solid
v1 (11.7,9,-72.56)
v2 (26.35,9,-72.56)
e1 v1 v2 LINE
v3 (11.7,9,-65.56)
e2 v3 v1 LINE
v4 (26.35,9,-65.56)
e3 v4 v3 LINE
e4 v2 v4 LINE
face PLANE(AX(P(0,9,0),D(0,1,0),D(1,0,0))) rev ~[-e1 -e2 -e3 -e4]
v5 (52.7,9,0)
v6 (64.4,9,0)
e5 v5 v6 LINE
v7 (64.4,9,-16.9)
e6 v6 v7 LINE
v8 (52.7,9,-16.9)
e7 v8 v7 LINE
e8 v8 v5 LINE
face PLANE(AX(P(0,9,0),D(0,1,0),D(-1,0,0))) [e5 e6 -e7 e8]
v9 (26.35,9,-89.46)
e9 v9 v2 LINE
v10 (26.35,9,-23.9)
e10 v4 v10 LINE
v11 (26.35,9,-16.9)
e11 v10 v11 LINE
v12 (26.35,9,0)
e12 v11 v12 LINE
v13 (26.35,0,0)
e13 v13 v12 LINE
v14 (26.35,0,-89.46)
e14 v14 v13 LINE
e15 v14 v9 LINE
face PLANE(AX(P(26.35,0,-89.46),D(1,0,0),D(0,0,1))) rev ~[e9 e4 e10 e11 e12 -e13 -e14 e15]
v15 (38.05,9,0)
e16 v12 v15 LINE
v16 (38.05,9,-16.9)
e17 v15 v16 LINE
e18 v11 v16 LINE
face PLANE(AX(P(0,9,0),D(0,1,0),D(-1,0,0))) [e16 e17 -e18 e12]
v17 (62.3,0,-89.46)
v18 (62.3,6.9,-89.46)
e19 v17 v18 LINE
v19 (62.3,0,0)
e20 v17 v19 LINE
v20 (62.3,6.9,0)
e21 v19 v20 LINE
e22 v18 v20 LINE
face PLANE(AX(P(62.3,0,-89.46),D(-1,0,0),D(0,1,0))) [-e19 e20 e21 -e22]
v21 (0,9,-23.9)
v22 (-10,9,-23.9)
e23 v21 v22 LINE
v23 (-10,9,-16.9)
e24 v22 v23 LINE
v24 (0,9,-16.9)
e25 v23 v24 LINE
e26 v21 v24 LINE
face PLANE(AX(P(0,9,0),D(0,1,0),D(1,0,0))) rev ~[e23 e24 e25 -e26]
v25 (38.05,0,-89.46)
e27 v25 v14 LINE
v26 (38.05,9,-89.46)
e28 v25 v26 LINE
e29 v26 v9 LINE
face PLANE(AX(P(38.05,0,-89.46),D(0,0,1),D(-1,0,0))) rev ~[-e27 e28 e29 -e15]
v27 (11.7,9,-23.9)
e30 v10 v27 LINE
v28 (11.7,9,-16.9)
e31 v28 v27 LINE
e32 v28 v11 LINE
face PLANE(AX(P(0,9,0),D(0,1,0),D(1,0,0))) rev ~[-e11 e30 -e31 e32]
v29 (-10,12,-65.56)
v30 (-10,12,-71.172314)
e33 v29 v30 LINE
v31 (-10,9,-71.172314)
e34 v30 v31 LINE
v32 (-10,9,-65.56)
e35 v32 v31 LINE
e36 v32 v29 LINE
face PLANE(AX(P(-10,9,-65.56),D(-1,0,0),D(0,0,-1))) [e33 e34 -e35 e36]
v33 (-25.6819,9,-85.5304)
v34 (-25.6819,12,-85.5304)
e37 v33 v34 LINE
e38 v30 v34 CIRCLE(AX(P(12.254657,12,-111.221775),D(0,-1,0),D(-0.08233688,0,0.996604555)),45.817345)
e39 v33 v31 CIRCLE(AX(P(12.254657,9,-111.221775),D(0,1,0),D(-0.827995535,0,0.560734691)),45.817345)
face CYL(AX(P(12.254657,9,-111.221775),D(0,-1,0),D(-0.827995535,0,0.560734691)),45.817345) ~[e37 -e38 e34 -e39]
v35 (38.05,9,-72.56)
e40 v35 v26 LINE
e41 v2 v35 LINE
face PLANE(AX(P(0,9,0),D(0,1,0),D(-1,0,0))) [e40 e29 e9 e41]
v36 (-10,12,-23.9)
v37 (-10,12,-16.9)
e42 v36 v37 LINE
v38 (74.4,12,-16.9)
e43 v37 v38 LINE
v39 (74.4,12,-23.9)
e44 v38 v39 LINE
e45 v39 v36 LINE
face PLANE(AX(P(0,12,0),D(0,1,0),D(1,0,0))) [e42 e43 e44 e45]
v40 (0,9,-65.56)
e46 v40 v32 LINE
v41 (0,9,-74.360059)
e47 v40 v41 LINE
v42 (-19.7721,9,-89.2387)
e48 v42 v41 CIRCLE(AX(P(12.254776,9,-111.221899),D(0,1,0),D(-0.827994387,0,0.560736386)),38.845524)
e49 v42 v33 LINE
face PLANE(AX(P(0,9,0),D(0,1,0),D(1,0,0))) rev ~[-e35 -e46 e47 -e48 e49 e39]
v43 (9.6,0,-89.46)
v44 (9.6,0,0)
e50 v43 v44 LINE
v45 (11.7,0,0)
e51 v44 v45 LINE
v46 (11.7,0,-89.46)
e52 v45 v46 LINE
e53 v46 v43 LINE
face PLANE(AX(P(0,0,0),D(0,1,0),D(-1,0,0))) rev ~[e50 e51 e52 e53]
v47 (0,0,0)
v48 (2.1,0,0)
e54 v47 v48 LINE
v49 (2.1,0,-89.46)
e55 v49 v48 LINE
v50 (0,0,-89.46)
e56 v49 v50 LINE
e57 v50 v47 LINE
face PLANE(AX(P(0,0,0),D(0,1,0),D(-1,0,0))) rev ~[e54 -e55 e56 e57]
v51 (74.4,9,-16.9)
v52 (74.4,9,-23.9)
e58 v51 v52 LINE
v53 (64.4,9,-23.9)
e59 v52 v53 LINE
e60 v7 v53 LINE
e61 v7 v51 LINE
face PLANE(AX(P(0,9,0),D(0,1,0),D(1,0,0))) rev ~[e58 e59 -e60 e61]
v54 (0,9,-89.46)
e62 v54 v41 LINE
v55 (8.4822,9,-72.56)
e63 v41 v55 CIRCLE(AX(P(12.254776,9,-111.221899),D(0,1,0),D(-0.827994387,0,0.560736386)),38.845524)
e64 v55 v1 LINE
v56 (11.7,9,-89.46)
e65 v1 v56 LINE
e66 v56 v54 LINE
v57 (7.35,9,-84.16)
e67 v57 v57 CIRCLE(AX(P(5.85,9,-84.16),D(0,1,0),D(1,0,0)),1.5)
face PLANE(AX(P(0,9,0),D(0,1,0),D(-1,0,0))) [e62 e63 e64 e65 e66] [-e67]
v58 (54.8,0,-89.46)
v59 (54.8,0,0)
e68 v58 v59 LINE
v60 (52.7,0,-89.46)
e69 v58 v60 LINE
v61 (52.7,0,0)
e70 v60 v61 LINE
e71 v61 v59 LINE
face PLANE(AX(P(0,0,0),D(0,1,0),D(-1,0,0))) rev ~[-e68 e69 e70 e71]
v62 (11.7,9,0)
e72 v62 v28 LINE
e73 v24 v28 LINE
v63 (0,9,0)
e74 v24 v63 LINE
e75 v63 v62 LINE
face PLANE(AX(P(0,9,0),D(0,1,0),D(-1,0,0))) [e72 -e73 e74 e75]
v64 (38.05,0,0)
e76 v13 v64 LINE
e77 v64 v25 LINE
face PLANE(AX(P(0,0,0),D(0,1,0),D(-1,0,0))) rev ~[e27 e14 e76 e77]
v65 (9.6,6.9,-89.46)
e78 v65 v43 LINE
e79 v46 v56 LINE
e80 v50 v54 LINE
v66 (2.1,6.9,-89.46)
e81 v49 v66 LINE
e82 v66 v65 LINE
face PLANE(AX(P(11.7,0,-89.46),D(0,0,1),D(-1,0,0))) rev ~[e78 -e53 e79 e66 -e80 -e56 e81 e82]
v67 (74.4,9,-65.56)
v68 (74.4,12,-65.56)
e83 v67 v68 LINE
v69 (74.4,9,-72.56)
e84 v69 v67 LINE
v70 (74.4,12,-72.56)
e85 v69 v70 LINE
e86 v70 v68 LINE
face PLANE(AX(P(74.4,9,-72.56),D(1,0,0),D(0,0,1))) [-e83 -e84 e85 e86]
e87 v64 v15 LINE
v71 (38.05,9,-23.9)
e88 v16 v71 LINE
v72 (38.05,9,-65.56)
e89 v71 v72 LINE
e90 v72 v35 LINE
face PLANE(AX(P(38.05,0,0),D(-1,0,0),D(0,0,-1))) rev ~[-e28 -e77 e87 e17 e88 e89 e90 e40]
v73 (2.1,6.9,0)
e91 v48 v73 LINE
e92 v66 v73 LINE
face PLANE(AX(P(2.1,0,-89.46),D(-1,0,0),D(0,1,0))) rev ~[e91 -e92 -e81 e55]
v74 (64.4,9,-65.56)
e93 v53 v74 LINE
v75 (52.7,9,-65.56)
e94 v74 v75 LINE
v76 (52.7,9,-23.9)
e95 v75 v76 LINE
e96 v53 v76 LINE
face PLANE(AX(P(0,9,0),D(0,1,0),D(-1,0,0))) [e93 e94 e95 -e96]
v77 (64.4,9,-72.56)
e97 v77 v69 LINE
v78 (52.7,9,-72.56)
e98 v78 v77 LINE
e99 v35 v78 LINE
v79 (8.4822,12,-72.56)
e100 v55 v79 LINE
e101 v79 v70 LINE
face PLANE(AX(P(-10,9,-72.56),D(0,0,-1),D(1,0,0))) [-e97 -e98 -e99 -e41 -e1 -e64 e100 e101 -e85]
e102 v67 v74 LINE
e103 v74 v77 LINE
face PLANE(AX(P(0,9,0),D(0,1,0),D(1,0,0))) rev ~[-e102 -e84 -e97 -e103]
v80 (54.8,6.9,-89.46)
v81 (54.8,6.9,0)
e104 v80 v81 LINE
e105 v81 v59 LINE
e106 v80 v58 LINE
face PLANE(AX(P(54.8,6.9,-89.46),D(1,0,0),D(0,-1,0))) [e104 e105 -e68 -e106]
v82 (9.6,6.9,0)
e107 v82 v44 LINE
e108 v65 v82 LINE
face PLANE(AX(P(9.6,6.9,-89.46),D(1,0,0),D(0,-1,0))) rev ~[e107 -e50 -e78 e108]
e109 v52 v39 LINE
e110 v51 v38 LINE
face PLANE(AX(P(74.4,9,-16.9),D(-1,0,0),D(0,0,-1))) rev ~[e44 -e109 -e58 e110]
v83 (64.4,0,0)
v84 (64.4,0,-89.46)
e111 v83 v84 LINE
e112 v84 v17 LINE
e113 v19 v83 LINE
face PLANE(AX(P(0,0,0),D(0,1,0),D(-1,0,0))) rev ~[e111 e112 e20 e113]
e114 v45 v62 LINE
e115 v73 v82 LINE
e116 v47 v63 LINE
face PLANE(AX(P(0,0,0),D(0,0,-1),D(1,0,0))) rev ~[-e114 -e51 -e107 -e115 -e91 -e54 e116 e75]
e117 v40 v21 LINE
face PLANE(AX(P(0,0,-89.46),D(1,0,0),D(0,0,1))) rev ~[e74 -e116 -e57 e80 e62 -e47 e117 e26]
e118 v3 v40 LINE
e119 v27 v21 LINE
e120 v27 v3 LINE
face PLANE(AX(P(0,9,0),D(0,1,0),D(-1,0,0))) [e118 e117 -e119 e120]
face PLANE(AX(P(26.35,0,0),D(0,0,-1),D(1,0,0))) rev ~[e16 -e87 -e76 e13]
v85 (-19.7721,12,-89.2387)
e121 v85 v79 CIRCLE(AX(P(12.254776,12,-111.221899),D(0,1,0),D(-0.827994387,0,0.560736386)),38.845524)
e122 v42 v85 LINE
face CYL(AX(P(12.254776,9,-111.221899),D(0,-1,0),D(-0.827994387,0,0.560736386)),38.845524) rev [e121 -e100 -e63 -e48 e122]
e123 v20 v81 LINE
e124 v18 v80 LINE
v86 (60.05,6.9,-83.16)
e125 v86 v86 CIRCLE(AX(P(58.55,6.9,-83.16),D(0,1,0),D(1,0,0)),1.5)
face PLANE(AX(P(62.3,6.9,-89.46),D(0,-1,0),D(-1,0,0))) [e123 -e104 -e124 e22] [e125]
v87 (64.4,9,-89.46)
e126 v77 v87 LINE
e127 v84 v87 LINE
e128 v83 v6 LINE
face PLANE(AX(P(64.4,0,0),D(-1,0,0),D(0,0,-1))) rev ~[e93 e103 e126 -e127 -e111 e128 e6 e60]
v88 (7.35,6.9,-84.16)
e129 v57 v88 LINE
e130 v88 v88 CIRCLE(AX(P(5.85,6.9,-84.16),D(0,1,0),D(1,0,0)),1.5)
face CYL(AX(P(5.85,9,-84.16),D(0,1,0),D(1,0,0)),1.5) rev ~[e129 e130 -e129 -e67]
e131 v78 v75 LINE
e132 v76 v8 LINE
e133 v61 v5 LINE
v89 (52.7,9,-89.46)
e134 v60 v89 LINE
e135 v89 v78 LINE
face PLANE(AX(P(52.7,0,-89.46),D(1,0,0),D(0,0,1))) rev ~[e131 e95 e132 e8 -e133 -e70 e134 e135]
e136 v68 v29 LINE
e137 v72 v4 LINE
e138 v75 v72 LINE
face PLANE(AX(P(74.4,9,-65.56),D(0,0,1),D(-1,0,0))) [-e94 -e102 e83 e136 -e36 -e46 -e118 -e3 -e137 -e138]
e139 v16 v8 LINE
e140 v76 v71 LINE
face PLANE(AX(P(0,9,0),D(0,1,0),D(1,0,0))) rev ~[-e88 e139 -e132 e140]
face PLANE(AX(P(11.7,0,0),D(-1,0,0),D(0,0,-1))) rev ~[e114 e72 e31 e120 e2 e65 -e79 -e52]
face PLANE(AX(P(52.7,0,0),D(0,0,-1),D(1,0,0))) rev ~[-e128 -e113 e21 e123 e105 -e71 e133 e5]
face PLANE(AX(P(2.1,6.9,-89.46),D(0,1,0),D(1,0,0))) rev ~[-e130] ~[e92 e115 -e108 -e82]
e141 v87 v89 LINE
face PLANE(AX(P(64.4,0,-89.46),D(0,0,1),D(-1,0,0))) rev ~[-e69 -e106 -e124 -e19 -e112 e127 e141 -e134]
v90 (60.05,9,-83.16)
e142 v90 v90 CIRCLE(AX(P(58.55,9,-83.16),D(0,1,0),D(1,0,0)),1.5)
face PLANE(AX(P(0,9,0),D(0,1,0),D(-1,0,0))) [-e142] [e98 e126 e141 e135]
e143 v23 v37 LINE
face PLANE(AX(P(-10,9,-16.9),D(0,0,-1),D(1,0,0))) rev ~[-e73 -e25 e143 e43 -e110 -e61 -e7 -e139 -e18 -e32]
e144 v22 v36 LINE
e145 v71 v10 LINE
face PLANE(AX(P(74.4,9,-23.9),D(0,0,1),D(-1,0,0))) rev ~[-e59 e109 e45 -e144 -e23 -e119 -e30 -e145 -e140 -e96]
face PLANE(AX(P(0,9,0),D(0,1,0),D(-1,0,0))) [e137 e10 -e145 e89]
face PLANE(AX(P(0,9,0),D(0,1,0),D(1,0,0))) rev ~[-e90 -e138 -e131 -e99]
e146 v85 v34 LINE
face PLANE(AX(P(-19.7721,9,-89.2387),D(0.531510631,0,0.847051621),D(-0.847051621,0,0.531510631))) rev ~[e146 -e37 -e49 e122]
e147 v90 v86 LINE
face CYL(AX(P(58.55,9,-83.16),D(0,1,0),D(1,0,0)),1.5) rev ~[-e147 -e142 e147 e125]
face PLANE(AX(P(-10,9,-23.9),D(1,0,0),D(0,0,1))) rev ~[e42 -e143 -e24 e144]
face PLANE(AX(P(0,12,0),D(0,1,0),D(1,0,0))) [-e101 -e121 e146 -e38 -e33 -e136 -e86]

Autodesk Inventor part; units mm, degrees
ref_plane "YZ Plane" through (0, 0, 0) normal (1, 0, 0) x (0, 1, 0)
ref_plane "XZ Plane" through (0, 0, 0) normal (0, 1, 0) x (-1, 0, 0)
sketch "Sketch1" plane through (0, 0, 0) normal (0, 1, 0) x (-1, 0, 0)
  line L0 (0, 0) -> (-11.7, 0)
  line L1 (-11.7, 0) -> (-11.7, -89.46)
  line L2 (-11.7, -89.46) -> (0, -89.46)
  line L3 (0, -89.46) -> (0, 0)
  line L4 (-26.35, 0) -> (-38.05, 0)
  line L5 (-38.05, 0) -> (-38.05, -89.46)
  line L6 (-38.05, -89.46) -> (-26.35, -89.46)
  line L7 (-26.35, -89.46) -> (-26.35, 0)
  line L8 (-52.7, 0) -> (-64.4, 0)
  line L9 (-64.4, 0) -> (-64.4, -89.46)
  line L10 (-64.4, -89.46) -> (-52.7, -89.46)
  line L11 (-52.7, -89.46) -> (-52.7, 0)
  dimension "d0" = 11.7
  dimension "d1" = 11.7
  dimension "d2" = 11.7
  dimension "d3" = 14.65
  dimension "d4" = 14.65
  dimension "d5" = 89.46
  dimension "d47" = 64.4
extrude "Extrusion1" add sketch "Sketch1" along normal blind 9
sketch "Sketch2" plane through (0, 9, 0) normal (0, 1, 0) x (1, 0, 0)
  line L0 (38.05, 89.46) -> (26.35, 89.46) construction
  line L1 (32.2, 89.46) -> (32.2, 0) construction
  line L2 (26.35, 0) -> (38.05, 0) construction
  line L3 (11.7, 89.46) -> (0, 89.46) construction
  line L4 (5.85, 89.46) -> (5.85, 0) construction
  line L5 (0, 0) -> (11.7, 0) construction
  circle A0 centre (5.85, 84.16) radius 1.5
  line L6 (52.7, 0) -> (64.4, 0) construction
  line L7 (58.55, 0) -> (58.55, 89.46) construction
  circle A1 centre (58.55, 83.16) radius 1.5
  line L8 (64.4, 89.46) -> (52.7, 89.46) construction
  dimension "d8" = 3
  dimension "d9" = 5.3
  dimension "d50" = 3
  dimension "d51" = 6.3
extrude "Extrusion2" cut sketch "Sketch2" against normal blind 8
sketch "Sketch3" plane through (11.7, 0, -89.46) normal (0, 0, -1) x (-1, 0, 0)
  line L0 (-14.65, 9) -> (-26.35, 9) construction
  line L1 (-20.5, 9) -> (-20.5, 0) construction
  line L2 (-14.65, 0) -> (-26.35, 0) construction
  line L3 (0, 0) -> (11.7, 0) projected
  line L4 (9.6, 0) -> (9.6, 6.9)
  line L5 (9.6, 6.9) -> (2.1, 6.9)
  line L6 (2.1, 6.9) -> (2.1, 0)
  line L7 (2.1, 0) -> (9.6, 0) construction
  line L8 (0, 0) -> (0, 9) construction
  line L9 (11.7, 0) -> (11.7, 9) construction
  line L10 (-41, 0) -> (-52.7, 0)
  line L11 (-50.6, 0) -> (-50.6, 6.9)
  line L12 (-50.6, 6.9) -> (-43.1, 6.9)
  line L13 (-43.1, 6.9) -> (-43.1, 0)
  dimension "d15" = 7.5
  dimension "d16" = 2.1
  dimension "d17" = 2.1
  dimension "d18" = 6.9
extrude "Extrusion3" cut sketch "Sketch3" against normal through all
sketch "Sketch4" plane through (0, 9, 0) normal (0, 1, 0) x (1, 0, 0)
  line L0 (0, 89.46) -> (0, 0) construction
  line L1 (0, 44.73) -> (64.4, 44.73) construction
  line L2 (64.4, 0) -> (64.4, 89.46) construction
  line L3 (-10, 16.9) -> (74.4, 16.9)
  line L4 (74.4, 16.9) -> (74.4, 23.9)
  line L5 (74.4, 23.9) -> (-10, 23.9)
  line L6 (-10, 23.9) -> (-10, 16.9)
  line L7 (-10, 72.56) -> (74.4, 72.56)
  line L8 (74.4, 72.56) -> (74.4, 65.56)
  line L9 (74.4, 65.56) -> (-10, 65.56)
  line L10 (-10, 65.56) -> (-10, 72.56)
  line L11 (52.7, 0) -> (64.4, 0) projected
  dimension "d21" = 7
  dimension "d22" = 10
  dimension "d23" = 10
  dimension "d46" = 16.9
extrude "Extrusion4" add sketch "Sketch4" along normal blind 3
ref_plane "Work Plane2" through (32.2, 0, -89.46) normal (-1, 0, 0) x (0, 0, 1)
sketch "Sketch8" plane through (0, 9, 0) normal (0, 1, 0) x (1, 0, 0)
  line L0 (74.4, 72.56) -> (-10, 72.56) projected
  line L1 (-10, 72.56) -> (-10, 65.56) projected
  line L2 (-10, 65.56) -> (74.4, 65.56) projected
  line L3 (74.4, 65.56) -> (74.4, 72.56) projected
  arc A0 (-19.9091, 89.4398) -> (8.4822, 72.56) centre (12.2544, 111.2215) ccw
  arc A1 (-25.6819, 85.5304) -> (8.4822, 65.56) centre (12.2544, 111.2215) ccw
  line L4 (8.4822, 65.56) -> (8.4822, 72.56)
  line L5 (9.6, 89.46) -> (9.6, 0) projected
  line L6 (-19.7721, 89.2387) -> (-25.6819, 85.5304)
  point P0 (0, 0)
extrude "Extrusion8" add sketch "Sketch8" along normal up to surface (3 mm away) contours L4 A1 L1 L0 | L0 L1 A1 L6 A0
ref_plane "Work Plane3" through (45.375, 0, 0) normal (1, 0, 0) x (0, 0, -1)
sketch "Sketch5" plane through (0, 8.5, 0) normal (0, -1, 0) x (1, 0, 0)
  line L0 (23, -75) -> (14, -75)
  line L1 (14, -75) -> (14, -22)
  line L2 (14, -22) -> (23, -22)
  line L3 (23, -22) -> (23, -75)
  line L4 (26, -90) -> (26, 0) projected
  line L5 (11, 0) -> (11, -90) projected
  line L6 (11, -22) -> (26, -22) projected
  line L7 (11, -68) -> (26, -68) projected
  point P0 (0, 0)
  point P1 (18.5, -22)
  dimension "d27" = 3
  dimension "d28" = 3
  dimension "d29" = 9
  dimension "d30" = 7
sketch "Sketch6" plane through (23, 8.5, -75) normal (0, 0, -1) x (-1, 0, 0)
  line L0 (9, 0) -> (9, -2) projected
  line L1 (0, 0) -> (0, -2) projected
  line L2 (9, -0.5) -> (0, -0.5)
  line L3 (0, -0.5) -> (0, -1.5)
  line L4 (0, -1.5) -> (9, -1.5)
  line L5 (9, -1.5) -> (9, -0.5)
  line L6 (9, 0) -> (0, 0) projected
  line L7 (9, -2) -> (0, -2) projected
  point P0 (23, -8.5)
  dimension "d34" = 0.5
  dimension "d35" = 0.5
  dimension "d36" = 1
sketch "Sketch7" plane through (14, 8, -75) normal (0, 1, 0) x (1, 0, 0)
  line L0 (1.5, 2) -> (7.5, 2)
  line L1 (7.5, 2) -> (7.5, 4.5)
  line L2 (7.5, 4.5) -> (1.5, 4.5)
  line L3 (1.5, 4.5) -> (1.5, 2)
  line L4 (0, 0) -> (0, 7) projected
  line L5 (9, 0) -> (9, 7) projected
  line L6 (0, 7) -> (9, 7) projected
  point P0 (-14, -75)
  dimension "d39" = 6
  dimension "d40" = 2.5
  dimension "d41" = 1.5
  dimension "d42" = 1.5
  dimension "d43" = 2.5
equation "\"d1\" = d0"
equation "\"d2\" = d1"
equation "\"d4\" = d3"
equation "\"d17\" = d16"
equation "\"d23\" = d22"
equation "\"d28\" = d27"
equation "\"d35\" = d34"
equation "\"d42\" = d41"
properties part number "tracks"
